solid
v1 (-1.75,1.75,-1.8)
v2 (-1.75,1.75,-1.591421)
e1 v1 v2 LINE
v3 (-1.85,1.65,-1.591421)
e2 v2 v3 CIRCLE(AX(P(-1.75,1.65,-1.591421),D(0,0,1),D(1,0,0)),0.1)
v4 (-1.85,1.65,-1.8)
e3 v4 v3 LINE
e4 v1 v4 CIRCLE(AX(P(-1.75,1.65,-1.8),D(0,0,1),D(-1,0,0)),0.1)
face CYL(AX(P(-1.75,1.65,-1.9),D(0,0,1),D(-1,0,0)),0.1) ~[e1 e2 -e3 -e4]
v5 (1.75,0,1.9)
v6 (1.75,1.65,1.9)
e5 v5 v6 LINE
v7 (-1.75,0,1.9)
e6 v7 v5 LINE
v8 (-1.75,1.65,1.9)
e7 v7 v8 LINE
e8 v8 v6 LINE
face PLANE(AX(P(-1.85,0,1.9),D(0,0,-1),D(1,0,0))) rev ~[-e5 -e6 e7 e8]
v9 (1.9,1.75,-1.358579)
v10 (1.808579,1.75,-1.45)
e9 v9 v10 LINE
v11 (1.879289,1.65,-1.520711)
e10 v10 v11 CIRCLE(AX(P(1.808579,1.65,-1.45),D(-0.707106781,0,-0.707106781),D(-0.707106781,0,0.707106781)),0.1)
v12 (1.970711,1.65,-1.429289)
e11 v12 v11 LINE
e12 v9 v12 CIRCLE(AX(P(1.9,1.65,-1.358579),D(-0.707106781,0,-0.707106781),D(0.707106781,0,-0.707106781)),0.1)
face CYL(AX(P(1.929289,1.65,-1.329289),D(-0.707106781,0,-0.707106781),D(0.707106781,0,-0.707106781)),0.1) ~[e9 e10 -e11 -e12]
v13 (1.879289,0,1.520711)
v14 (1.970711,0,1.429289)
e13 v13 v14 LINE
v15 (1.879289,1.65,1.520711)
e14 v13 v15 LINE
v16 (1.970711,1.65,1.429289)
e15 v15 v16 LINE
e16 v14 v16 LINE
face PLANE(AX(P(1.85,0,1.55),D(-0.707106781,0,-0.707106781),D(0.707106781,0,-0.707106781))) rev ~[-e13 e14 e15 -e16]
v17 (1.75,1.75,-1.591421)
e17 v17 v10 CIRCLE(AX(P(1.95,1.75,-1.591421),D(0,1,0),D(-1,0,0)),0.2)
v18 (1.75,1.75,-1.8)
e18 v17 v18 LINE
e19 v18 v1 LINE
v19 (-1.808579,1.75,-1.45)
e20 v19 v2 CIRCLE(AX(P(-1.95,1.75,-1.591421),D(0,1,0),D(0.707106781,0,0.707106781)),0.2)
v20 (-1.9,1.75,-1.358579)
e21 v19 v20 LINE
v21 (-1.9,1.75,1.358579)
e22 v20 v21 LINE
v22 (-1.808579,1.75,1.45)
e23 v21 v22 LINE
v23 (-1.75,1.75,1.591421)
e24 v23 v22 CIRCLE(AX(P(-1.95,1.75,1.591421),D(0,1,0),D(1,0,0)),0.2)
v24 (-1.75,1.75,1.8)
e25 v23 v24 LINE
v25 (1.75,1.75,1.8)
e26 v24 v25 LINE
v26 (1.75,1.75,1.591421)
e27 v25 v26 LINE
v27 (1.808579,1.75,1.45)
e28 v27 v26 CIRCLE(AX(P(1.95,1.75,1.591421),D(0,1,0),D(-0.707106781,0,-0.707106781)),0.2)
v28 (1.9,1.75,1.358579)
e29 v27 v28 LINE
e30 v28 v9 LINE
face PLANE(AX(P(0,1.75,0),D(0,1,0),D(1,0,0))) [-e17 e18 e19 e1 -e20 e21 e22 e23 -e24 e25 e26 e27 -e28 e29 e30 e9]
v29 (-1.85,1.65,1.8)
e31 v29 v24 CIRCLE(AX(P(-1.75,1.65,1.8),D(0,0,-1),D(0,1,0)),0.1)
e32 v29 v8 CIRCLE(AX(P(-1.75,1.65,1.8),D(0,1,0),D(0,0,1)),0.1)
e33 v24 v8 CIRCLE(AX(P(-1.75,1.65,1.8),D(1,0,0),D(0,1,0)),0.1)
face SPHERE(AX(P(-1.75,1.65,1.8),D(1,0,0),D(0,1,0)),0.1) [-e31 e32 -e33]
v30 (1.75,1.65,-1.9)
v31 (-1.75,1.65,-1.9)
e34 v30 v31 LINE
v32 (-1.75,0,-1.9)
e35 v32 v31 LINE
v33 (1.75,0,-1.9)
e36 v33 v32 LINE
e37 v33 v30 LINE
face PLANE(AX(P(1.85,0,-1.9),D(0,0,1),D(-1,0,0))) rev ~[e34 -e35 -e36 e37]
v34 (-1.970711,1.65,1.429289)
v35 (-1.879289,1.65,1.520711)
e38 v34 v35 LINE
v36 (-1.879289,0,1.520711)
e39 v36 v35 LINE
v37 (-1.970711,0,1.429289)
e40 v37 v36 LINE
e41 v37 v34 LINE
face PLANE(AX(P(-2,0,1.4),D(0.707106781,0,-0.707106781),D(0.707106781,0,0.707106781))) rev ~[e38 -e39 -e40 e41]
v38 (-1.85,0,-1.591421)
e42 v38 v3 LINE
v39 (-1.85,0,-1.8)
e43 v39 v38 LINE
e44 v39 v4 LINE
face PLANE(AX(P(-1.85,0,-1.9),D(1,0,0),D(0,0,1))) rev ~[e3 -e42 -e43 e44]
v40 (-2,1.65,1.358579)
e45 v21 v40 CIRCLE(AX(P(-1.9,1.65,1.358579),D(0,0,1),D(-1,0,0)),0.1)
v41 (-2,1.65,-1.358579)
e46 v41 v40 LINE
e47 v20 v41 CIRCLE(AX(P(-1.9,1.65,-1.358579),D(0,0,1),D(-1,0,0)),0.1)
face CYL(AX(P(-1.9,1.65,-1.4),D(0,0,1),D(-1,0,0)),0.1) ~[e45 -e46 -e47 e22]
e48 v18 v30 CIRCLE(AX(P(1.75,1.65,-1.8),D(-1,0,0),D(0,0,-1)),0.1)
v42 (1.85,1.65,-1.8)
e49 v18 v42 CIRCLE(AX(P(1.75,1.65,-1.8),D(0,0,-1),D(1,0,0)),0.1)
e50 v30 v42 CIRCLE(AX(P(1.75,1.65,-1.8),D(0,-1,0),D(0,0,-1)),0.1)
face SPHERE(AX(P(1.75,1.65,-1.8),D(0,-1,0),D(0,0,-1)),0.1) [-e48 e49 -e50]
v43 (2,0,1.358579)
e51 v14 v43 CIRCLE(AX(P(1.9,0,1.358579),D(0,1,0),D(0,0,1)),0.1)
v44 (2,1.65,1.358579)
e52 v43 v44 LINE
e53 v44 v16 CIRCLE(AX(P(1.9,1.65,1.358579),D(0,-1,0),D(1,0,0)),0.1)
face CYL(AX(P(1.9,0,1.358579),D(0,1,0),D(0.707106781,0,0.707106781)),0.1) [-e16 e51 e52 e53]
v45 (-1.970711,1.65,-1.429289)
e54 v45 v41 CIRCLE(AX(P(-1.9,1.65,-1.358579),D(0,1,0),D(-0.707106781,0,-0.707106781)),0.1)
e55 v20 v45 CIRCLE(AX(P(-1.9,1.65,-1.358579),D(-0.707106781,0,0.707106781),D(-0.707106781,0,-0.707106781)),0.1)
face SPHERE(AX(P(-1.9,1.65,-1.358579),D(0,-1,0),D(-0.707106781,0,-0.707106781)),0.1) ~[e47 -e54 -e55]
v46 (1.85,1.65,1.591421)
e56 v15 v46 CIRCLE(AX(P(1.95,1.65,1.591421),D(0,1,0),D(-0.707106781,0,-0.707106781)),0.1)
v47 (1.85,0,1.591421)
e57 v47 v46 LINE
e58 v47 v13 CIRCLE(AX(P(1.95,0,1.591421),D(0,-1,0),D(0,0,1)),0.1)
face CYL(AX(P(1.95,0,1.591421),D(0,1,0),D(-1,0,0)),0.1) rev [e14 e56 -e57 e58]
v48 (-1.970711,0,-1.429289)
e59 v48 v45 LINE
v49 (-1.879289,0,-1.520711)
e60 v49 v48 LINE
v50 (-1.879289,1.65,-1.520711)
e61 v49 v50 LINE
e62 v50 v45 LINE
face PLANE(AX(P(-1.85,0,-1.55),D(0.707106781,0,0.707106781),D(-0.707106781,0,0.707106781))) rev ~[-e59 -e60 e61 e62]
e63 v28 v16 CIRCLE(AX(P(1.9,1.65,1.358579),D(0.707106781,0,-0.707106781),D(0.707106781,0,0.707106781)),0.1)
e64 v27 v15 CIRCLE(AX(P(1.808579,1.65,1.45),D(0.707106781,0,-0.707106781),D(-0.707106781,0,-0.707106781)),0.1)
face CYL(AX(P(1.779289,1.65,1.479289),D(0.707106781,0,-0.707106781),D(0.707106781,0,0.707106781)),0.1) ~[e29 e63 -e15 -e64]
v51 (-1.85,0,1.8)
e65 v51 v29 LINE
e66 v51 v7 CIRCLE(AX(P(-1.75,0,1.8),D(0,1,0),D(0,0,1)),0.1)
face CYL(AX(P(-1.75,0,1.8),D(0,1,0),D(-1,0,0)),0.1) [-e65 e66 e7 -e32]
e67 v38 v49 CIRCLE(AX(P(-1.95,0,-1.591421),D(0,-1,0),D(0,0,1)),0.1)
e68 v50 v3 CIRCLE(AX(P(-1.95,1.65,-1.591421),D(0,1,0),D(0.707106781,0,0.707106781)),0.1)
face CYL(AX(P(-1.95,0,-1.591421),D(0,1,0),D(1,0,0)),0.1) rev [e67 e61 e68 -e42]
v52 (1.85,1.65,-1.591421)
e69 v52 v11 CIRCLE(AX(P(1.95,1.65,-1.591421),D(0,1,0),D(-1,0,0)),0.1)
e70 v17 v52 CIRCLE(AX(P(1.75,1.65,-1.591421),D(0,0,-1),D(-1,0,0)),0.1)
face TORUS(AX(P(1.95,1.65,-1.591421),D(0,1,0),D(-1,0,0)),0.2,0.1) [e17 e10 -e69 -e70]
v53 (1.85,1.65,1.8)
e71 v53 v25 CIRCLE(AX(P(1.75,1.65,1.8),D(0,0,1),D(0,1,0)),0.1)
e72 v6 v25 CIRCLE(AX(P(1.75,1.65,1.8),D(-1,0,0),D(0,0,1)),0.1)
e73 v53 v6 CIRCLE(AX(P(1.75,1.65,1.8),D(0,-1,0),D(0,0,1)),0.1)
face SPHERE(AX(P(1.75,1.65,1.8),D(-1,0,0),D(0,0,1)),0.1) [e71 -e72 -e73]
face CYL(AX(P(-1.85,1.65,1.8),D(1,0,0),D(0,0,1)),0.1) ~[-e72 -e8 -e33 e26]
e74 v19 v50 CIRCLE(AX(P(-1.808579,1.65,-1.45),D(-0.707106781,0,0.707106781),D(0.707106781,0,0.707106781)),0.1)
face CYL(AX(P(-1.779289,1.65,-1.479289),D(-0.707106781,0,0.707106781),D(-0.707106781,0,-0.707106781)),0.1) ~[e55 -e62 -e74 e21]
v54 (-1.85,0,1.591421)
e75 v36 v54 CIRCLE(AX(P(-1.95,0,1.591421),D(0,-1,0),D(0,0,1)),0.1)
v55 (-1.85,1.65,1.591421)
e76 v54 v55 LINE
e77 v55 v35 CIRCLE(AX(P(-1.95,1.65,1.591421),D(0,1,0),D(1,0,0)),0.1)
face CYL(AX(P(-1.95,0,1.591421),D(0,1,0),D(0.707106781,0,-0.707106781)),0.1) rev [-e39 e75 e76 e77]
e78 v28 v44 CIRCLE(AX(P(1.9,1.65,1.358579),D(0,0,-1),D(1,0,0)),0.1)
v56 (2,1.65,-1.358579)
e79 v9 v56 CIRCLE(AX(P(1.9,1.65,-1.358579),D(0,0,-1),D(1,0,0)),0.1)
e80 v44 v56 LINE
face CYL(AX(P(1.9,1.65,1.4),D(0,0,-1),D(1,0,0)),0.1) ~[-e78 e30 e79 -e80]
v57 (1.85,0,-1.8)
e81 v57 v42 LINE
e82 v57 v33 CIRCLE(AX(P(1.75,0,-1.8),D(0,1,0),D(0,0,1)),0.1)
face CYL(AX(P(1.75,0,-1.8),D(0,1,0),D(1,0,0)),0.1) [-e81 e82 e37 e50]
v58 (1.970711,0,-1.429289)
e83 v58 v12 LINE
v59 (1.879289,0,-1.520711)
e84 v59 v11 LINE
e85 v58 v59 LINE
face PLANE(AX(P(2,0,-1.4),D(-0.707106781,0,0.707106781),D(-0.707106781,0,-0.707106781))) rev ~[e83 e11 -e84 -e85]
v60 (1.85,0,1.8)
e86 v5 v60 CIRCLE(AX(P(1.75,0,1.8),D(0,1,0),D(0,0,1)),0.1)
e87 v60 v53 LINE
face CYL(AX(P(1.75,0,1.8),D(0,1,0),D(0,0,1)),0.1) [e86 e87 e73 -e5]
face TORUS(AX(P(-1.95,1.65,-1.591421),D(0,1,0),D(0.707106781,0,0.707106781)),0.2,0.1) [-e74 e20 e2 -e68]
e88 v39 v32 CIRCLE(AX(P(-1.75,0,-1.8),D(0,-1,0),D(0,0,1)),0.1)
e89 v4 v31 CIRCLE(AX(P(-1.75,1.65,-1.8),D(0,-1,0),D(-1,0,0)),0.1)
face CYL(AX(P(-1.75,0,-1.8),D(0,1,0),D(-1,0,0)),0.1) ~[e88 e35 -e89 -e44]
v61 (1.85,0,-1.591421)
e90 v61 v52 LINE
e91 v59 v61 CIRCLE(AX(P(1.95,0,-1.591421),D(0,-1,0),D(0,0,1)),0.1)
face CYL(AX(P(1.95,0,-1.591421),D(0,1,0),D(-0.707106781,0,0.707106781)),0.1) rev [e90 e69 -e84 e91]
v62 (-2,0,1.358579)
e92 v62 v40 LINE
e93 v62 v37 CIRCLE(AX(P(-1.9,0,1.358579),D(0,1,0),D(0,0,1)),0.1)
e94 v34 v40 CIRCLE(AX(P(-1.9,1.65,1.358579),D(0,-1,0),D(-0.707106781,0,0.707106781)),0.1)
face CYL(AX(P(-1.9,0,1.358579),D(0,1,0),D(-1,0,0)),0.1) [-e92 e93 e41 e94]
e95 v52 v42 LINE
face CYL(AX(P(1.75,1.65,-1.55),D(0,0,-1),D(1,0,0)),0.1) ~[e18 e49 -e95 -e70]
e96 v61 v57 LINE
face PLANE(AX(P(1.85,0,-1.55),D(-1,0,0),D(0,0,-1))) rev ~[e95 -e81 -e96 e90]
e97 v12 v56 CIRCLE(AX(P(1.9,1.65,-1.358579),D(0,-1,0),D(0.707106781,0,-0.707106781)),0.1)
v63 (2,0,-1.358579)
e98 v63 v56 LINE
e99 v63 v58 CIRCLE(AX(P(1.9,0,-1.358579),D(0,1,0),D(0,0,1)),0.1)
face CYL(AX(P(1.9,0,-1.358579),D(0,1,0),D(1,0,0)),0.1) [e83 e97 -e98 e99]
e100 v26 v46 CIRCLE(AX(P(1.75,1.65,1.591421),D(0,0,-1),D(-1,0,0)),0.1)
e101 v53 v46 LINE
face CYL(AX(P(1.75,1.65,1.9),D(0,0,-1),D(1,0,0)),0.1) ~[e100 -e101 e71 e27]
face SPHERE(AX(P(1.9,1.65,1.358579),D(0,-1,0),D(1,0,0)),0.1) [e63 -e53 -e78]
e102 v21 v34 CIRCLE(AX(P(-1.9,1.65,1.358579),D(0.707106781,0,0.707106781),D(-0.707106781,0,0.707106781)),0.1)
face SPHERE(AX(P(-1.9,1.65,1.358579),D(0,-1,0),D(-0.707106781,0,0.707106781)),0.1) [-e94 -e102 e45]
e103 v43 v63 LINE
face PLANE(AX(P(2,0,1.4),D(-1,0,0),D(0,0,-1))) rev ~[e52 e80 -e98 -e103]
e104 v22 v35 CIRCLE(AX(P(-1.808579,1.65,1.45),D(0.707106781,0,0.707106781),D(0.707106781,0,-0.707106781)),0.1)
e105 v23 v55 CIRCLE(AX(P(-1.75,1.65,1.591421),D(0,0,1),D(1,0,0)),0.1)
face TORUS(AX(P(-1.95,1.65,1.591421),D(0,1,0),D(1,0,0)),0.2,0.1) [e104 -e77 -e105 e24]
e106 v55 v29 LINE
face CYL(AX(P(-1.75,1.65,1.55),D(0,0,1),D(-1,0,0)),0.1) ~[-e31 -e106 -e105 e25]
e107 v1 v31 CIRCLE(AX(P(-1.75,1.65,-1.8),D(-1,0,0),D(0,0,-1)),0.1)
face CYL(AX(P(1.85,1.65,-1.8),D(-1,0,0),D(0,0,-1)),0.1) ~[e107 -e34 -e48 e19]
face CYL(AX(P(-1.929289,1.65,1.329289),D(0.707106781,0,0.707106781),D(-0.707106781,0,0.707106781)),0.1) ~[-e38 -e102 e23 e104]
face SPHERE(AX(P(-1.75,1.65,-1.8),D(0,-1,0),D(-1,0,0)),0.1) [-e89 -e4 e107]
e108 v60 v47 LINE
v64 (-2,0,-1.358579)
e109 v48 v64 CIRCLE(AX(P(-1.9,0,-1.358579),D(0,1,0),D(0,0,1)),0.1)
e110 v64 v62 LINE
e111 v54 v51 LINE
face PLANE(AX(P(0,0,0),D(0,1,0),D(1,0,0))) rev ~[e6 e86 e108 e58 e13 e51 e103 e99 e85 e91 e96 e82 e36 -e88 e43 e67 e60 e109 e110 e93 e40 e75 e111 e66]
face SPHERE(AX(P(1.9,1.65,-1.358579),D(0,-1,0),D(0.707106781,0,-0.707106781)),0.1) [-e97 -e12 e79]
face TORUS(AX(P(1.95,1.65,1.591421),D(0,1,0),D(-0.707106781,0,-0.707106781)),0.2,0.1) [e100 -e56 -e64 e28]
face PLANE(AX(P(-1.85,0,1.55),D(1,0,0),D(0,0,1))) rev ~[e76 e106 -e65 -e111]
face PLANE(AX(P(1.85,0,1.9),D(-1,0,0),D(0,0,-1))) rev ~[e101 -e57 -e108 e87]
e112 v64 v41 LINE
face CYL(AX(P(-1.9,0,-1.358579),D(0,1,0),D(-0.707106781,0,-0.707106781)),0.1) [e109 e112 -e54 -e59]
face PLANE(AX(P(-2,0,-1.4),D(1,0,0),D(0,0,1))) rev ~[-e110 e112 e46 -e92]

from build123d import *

# Parameters (mm, degrees)
EXTRUDE_2_DEPTH = 1.75
FILLET_1_R      = 0.1


with BuildPart() as part:
    # Эскиз1 → Бобышка-Вытянуть2 (new body)
    with BuildSketch(Plane(origin=(0, 0, 0), x_dir=(1, 0, 0), z_dir=(0, 1, 0))):
        Polygon((-1.85, 1.9), (-1.85, 1.55), (-2, 1.4), (-2, -1.4), (-1.85, -1.55), (-1.85, -1.9), (1.85, -1.9), (1.85, -1.55), (2, -1.4), (2, 1.4), (1.85, 1.55), (1.85, 1.9), align=None)
    extrude(amount=EXTRUDE_2_DEPTH)

    # Скругление1
    fillet_1_edges = [part.edges().sort_by_distance(p)[0] for p in [
        (0, 1.75, 1.9),
        (-1.85, 1.75, 1.725),
        (-1.925, 1.75, 1.475),
        (-2, 1.75, 0),
        (2, 0.875, 1.4),
        (2, 0.875, -1.4),
        (1.85, 0.875, -1.55),
        (1.85, 0.875, -1.9),
        (-1.85, 0.875, -1.9),
        (-1.85, 0.875, -1.55),
        (-2, 0.875, -1.4),
        (-2, 0.875, 1.4),
        (-1.85, 0.875, 1.55),
        (-1.85, 0.875, 1.9),
        (1.85, 0.875, 1.9),
        (1.85, 0.875, 1.55),
        (-1.925, 1.75, -1.475),
        (-1.85, 1.75, -1.725),
        (0, 1.75, -1.9),
        (1.85, 1.75, -1.725),
        (1.925, 1.75, -1.475),
        (2, 1.75, 0),
        (1.925, 1.75, 1.475),
        (1.85, 1.75, 1.725),
    ]]
    fillet(fillet_1_edges, radius=FILLET_1_R)


solid = part.part
